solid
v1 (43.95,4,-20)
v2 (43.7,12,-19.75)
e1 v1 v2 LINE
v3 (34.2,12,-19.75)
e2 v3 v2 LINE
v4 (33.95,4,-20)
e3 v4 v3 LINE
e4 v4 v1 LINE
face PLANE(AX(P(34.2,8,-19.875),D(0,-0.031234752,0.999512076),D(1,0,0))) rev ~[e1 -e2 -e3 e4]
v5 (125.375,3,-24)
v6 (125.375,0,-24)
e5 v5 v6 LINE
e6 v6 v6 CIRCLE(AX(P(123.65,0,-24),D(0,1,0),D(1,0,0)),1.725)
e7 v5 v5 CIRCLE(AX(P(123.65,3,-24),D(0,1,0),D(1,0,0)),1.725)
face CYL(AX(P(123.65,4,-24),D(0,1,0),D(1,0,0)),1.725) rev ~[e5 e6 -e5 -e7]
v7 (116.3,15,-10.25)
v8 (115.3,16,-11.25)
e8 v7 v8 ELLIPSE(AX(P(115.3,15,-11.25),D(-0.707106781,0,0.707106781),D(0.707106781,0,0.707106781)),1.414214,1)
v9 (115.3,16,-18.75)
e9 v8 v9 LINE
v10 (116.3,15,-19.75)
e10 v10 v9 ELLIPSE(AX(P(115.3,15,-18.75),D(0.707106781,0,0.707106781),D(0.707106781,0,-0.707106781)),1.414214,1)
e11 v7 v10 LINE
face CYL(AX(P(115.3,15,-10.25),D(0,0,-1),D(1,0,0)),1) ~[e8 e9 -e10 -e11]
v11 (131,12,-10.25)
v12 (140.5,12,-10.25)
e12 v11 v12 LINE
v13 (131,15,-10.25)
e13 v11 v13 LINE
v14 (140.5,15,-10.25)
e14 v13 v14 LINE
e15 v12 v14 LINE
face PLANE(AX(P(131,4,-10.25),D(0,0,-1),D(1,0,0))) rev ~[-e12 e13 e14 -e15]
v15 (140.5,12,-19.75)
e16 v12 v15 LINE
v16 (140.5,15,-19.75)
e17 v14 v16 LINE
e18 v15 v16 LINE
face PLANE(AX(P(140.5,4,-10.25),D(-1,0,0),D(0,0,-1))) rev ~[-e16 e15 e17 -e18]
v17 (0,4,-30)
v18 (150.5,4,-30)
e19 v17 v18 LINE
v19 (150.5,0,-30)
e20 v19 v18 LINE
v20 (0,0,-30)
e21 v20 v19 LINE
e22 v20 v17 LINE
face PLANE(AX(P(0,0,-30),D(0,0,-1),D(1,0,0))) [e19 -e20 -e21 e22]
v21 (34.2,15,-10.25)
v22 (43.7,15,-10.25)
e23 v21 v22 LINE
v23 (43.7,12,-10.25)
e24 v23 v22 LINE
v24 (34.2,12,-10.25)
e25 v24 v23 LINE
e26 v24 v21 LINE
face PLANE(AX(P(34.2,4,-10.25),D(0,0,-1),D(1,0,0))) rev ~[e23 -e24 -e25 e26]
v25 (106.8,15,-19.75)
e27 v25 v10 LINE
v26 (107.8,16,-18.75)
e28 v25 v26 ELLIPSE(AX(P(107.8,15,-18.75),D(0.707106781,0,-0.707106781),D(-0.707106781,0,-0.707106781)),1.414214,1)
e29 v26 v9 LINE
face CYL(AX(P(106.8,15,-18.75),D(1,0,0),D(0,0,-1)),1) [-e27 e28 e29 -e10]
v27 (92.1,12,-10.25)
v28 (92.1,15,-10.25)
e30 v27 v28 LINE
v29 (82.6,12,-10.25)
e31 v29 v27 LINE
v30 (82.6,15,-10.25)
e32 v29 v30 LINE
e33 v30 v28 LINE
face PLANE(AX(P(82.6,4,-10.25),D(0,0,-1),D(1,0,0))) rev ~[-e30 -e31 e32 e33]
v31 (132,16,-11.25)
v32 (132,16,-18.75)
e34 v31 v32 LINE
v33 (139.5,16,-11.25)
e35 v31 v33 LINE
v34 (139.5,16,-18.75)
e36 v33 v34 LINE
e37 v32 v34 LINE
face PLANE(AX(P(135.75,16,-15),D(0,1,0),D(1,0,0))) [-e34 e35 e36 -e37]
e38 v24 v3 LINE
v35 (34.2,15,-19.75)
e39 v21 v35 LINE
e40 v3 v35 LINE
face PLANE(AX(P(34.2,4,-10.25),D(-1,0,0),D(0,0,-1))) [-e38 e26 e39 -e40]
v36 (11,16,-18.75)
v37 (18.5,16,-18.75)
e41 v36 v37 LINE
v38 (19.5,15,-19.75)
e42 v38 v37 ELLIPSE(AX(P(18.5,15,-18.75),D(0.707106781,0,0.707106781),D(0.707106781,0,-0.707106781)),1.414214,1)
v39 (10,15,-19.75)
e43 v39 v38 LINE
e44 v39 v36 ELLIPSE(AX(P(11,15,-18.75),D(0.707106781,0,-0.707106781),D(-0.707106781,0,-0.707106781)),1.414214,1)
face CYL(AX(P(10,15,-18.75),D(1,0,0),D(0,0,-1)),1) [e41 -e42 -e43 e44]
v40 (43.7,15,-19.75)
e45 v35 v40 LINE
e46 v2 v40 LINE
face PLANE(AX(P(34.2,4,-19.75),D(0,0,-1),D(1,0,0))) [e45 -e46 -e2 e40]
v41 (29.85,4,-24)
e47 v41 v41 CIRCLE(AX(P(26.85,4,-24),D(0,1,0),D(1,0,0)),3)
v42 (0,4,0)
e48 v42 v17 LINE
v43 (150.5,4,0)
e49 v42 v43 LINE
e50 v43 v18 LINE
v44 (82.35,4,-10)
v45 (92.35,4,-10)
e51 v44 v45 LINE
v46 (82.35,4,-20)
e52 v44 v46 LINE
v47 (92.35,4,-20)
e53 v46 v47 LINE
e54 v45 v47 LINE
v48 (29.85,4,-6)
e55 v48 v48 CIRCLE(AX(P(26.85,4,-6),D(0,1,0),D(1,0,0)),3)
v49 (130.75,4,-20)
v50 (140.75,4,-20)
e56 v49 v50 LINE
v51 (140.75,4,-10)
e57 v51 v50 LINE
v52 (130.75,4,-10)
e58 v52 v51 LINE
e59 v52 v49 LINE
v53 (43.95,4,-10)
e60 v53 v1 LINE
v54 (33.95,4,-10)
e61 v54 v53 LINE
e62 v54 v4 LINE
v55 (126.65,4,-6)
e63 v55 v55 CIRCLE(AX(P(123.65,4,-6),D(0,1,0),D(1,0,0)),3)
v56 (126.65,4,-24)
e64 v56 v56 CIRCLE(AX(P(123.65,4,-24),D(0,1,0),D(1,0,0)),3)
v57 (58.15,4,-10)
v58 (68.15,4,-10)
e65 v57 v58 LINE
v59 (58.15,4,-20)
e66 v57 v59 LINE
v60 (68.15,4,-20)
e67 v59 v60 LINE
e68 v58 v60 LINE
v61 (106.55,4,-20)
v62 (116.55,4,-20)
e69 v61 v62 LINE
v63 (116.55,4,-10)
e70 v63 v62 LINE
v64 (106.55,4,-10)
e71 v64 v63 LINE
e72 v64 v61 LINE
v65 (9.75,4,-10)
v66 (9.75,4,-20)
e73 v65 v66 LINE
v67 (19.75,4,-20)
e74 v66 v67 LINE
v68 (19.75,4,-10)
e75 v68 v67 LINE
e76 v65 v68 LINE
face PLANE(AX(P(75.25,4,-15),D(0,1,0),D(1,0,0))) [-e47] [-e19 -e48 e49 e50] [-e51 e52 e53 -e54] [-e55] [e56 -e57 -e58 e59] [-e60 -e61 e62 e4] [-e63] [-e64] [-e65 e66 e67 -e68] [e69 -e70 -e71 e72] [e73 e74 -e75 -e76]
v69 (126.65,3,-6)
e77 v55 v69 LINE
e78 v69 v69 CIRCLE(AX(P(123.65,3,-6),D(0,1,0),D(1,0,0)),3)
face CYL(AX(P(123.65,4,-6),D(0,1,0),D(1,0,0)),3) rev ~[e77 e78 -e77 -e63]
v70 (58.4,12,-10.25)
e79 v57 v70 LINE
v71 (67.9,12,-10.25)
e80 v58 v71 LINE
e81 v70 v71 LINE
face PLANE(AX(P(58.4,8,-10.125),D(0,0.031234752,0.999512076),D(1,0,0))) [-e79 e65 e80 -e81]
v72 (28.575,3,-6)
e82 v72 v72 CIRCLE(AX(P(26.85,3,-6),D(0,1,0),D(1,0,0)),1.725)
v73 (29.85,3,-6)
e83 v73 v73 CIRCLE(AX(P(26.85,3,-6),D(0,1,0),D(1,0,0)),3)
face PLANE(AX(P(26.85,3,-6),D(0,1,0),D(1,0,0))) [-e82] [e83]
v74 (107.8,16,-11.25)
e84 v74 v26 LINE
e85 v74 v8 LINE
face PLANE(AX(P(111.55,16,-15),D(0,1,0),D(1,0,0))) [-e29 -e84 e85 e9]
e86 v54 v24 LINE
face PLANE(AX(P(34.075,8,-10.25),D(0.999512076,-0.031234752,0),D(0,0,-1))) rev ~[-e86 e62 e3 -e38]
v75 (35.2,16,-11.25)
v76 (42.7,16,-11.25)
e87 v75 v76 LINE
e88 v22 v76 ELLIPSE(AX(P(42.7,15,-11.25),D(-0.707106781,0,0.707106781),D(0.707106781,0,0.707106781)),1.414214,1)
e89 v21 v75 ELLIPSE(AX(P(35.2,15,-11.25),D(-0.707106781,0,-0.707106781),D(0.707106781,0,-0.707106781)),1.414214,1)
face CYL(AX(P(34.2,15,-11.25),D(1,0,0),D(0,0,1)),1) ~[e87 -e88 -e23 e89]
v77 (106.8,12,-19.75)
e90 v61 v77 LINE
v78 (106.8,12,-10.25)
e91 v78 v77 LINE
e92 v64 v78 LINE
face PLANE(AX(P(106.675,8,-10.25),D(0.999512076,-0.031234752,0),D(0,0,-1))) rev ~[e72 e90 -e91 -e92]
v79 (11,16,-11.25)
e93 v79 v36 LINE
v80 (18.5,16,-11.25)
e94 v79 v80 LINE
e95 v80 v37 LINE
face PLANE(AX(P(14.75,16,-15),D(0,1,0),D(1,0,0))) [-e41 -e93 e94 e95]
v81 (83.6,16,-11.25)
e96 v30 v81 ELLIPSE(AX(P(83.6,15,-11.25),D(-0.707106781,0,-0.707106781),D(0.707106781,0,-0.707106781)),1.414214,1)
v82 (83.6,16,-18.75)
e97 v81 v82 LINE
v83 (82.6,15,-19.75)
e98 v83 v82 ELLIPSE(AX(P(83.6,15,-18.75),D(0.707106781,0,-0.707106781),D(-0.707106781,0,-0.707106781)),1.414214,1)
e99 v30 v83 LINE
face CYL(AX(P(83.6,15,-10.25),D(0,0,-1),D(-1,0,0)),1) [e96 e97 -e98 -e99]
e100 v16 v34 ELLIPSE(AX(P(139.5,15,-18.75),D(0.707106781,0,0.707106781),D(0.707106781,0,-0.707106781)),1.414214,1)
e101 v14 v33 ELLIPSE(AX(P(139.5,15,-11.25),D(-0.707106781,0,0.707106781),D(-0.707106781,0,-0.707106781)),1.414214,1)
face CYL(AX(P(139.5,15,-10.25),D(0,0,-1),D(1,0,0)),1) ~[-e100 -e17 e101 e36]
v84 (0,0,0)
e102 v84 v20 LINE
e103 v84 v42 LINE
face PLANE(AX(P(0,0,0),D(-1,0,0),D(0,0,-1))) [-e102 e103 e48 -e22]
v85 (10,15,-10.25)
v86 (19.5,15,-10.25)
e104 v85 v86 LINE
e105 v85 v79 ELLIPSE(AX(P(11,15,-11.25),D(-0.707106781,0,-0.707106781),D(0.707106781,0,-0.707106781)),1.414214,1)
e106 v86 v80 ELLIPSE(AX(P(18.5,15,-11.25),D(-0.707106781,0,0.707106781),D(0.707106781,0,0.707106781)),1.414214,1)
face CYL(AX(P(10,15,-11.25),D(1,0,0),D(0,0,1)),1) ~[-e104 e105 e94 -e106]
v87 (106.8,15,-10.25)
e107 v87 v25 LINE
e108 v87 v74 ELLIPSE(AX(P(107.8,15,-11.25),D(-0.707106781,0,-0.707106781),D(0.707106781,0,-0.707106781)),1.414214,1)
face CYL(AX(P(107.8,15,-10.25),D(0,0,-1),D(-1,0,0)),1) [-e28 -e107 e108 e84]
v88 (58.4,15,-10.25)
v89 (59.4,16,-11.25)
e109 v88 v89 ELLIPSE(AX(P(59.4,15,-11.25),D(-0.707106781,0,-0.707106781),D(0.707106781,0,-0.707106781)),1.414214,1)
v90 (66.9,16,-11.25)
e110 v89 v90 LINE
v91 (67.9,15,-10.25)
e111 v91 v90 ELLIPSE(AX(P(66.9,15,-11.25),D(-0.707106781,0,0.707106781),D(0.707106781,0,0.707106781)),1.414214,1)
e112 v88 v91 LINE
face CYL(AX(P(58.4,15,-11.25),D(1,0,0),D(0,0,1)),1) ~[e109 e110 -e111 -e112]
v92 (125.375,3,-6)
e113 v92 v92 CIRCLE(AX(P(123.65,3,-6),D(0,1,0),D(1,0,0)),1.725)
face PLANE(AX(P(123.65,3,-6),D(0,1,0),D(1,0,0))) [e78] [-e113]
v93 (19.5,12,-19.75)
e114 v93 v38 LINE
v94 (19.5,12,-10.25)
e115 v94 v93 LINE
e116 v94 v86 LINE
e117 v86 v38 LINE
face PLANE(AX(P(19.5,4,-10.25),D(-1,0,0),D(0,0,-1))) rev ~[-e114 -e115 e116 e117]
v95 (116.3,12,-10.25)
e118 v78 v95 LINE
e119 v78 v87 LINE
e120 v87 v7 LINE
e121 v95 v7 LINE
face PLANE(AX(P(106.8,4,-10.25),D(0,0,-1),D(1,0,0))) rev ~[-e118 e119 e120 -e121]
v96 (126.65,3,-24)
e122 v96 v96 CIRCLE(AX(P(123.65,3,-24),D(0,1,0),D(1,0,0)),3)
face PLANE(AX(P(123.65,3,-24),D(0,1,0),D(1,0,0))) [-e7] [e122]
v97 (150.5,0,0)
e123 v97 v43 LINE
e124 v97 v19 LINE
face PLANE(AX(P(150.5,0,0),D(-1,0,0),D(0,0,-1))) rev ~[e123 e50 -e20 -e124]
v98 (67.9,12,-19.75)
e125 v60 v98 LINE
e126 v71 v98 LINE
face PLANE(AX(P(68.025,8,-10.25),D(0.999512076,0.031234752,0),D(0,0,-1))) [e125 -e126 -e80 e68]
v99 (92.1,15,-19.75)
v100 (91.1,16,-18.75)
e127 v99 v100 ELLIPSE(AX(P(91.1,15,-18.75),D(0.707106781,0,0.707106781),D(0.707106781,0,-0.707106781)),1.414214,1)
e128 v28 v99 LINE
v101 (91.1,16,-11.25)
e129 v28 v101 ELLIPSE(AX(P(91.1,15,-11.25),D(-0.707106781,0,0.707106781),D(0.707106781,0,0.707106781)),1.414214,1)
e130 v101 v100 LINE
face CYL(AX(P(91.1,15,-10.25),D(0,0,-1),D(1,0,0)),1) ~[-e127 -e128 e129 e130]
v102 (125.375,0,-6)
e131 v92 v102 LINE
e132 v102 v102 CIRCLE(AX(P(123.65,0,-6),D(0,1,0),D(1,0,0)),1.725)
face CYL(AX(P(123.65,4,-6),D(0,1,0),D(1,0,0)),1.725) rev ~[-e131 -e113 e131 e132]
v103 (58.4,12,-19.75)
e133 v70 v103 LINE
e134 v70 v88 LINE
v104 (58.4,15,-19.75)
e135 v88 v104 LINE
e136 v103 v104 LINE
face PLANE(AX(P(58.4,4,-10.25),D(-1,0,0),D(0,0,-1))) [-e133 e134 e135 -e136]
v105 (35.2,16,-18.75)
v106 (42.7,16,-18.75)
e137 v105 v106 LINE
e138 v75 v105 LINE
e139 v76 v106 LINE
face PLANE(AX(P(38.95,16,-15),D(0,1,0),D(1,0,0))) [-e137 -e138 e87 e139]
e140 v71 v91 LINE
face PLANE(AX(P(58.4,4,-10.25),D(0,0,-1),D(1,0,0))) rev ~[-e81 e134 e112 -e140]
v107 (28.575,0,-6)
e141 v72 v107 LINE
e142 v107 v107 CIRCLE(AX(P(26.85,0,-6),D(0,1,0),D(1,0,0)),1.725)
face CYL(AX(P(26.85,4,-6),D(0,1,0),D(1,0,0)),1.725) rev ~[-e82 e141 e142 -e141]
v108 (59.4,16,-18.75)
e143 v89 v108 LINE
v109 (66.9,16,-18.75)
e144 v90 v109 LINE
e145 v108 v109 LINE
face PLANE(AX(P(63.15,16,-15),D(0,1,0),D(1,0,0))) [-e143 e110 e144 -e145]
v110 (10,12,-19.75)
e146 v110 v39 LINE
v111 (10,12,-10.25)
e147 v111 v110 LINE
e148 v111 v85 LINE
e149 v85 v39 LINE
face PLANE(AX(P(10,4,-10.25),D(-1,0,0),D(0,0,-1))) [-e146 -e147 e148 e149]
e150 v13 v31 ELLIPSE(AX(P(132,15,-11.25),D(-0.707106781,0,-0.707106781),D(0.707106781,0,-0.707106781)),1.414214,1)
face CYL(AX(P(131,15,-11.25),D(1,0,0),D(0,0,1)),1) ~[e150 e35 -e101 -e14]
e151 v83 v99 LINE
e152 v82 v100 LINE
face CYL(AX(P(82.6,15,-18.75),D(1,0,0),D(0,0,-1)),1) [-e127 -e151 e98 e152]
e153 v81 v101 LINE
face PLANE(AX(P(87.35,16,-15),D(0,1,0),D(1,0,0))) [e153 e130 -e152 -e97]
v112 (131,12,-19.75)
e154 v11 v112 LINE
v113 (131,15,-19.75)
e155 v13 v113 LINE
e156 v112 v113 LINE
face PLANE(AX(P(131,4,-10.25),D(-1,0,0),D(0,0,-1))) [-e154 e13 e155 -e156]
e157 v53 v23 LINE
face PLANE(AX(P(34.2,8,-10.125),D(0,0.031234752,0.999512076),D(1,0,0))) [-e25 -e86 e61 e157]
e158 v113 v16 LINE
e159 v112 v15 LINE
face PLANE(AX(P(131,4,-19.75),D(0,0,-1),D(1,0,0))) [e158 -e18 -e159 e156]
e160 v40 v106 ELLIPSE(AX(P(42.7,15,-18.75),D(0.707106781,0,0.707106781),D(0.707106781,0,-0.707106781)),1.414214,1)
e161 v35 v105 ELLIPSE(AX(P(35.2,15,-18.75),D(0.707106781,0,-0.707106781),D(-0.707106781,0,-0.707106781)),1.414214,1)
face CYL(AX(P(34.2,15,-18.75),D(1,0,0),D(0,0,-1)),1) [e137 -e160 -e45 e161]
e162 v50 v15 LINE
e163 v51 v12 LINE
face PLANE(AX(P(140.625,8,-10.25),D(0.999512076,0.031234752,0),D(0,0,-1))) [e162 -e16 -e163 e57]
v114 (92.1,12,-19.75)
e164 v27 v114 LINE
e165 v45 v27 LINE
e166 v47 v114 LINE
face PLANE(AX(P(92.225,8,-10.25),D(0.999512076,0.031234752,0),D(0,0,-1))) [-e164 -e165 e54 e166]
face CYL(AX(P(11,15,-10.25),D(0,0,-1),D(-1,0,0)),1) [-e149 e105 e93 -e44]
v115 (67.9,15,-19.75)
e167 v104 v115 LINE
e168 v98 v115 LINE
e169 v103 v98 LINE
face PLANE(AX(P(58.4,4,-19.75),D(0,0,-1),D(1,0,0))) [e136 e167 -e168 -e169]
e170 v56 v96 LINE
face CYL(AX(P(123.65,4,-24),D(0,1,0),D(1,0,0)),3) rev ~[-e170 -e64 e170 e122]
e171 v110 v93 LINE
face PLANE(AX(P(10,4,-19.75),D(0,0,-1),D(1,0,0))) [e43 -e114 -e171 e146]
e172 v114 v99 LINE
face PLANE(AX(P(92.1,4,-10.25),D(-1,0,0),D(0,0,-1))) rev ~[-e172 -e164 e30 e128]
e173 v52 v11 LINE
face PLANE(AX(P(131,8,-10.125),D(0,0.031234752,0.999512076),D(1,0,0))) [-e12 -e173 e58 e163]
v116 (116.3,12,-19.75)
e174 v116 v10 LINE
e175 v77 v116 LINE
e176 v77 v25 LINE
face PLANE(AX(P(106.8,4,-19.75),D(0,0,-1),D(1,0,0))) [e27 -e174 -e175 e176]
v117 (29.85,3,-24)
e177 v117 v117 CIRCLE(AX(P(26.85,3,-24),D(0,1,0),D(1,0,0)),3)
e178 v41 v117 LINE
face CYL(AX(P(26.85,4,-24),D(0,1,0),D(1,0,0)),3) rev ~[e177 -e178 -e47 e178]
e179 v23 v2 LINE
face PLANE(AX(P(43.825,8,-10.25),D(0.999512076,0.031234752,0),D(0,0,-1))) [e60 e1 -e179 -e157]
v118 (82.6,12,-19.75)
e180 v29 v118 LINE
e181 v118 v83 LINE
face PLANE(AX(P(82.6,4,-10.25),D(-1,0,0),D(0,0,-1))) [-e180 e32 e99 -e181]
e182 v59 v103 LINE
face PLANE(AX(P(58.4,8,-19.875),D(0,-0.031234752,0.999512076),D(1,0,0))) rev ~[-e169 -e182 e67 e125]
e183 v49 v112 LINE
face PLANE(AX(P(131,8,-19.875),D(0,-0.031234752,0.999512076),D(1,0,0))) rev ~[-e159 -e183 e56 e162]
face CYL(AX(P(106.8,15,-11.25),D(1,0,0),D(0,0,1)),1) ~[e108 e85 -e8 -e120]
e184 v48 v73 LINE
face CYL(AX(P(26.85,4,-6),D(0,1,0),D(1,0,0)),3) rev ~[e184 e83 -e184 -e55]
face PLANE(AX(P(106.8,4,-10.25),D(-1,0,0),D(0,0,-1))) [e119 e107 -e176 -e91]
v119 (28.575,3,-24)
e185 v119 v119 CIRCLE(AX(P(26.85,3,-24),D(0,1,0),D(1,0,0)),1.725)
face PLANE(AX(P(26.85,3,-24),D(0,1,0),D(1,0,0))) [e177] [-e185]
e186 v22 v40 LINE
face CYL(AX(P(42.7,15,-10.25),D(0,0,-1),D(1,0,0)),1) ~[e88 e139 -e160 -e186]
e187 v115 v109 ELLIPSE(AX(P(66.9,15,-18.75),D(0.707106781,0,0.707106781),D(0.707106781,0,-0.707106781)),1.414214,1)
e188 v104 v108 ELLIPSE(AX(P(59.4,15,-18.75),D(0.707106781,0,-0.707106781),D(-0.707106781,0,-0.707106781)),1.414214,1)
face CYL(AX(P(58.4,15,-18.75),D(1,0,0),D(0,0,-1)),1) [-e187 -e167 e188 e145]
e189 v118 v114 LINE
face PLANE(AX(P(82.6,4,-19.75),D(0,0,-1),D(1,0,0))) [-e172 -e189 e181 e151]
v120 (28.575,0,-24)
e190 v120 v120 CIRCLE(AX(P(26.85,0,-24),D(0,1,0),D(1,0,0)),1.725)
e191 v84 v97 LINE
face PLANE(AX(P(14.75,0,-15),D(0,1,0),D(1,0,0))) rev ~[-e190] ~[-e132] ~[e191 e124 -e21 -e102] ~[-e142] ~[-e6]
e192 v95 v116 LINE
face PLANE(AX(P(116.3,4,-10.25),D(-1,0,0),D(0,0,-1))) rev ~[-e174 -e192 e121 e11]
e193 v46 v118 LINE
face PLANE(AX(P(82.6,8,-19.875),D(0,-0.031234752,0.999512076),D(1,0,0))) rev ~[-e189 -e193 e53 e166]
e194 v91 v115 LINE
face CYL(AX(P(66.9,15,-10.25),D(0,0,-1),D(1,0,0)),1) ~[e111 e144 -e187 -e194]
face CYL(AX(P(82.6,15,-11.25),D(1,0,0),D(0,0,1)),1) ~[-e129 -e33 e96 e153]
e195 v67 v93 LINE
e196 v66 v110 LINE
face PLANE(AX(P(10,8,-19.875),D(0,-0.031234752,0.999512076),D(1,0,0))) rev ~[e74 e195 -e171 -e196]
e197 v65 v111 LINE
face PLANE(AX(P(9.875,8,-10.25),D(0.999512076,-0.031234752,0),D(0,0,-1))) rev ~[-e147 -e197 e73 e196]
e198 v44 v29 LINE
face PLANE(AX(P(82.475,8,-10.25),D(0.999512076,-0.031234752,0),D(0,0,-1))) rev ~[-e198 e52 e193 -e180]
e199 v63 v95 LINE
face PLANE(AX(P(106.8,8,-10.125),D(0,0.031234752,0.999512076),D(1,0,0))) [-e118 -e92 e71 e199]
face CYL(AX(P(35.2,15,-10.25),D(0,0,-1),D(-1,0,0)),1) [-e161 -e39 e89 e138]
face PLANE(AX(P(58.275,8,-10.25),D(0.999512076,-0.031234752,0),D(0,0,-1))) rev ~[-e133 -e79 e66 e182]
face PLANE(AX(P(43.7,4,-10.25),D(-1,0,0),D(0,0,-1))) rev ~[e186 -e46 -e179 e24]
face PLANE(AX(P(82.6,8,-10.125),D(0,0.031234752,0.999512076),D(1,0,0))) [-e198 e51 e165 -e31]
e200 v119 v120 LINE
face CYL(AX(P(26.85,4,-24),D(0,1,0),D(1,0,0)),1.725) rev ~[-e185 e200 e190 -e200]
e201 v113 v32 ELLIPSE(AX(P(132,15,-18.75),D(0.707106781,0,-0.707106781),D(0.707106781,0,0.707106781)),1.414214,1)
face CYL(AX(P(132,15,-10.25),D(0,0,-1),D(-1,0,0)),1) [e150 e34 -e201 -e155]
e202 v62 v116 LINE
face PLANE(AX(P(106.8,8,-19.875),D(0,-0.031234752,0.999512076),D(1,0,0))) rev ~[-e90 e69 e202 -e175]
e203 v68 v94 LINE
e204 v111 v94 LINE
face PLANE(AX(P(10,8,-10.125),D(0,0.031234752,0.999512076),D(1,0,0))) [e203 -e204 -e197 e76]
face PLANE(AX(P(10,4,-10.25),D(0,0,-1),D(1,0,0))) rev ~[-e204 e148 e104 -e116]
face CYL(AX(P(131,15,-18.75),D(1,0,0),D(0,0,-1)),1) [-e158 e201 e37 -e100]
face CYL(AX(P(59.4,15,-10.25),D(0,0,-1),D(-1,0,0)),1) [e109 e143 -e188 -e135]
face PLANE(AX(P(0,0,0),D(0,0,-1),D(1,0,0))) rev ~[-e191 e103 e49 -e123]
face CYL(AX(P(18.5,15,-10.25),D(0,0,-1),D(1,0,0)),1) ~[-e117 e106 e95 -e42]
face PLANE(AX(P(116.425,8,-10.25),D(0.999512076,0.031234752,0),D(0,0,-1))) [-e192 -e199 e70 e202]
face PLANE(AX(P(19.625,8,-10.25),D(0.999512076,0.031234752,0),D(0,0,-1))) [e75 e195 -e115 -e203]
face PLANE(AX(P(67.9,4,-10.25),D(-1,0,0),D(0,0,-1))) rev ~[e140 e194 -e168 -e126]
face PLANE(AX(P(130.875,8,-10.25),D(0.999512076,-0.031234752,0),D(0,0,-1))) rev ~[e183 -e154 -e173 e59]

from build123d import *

# Parameters (mm, degrees)
SKETCH1_W                = 150.5
SKETCH1_H                = 30
SKETCH1_W_2              = 9.5
SKETCH1_H_2              = 9.5
BOSS_EXTRUDE1_DEPTH      = 4
SKETCH2_W                = 9.5
SKETCH2_H                = 9.5
BOSS_EXTRUDE2_DEPTH      = 12
BOSS_EXTRUDE2_DEPTH_BACK = 4
FILLET1_R                = 1
CHAMFER1_SIZE            = 0.25
CHAMFER1_SIZE2           = 8
SKETCH3_R                = 1.725
CUT_EXTRUDE1_DEPTH       = 5
SKETCH4_R                = 3
CUT_EXTRUDE2_DEPTH       = 1


with BuildPart() as part:
    # Sketch1 → Boss-Extrude1 (new body)
    with BuildSketch(Plane(origin=(0, 0, 0), x_dir=(1, 0, 0), z_dir=(0, 1, 0))):
        with Locations((75.25, 15)):
            Rectangle(SKETCH1_W, SKETCH1_H)
        with Locations((14.75, 15)):
            Rectangle(SKETCH1_W_2, SKETCH1_H_2, mode=Mode.SUBTRACT)
        with Locations((38.95, 15)):
            Rectangle(SKETCH1_W_2, SKETCH1_H_2, mode=Mode.SUBTRACT)
        with Locations((63.15, 15)):
            Rectangle(SKETCH1_W_2, SKETCH1_H_2, mode=Mode.SUBTRACT)
        with Locations((87.35, 15)):
            Rectangle(SKETCH1_W_2, SKETCH1_H_2, mode=Mode.SUBTRACT)
        with Locations((111.55, 15)):
            Rectangle(SKETCH1_W_2, SKETCH1_H_2, mode=Mode.SUBTRACT)
        with Locations((135.75, 15)):
            Rectangle(SKETCH1_W_2, SKETCH1_H_2, mode=Mode.SUBTRACT)
    extrude(amount=BOSS_EXTRUDE1_DEPTH)

    # Sketch2 → Boss-Extrude2 (add, two sides)
    with BuildSketch(Plane(origin=(0, 4, 0), x_dir=(1, 0, 0), z_dir=(0, 1, 0))) as boss_extrude2_sk:
        with Locations((14.75, 15)):
            Rectangle(SKETCH2_W, SKETCH2_H)
        with Locations((38.95, 15)):
            Rectangle(SKETCH2_W, SKETCH2_H)
        with Locations((63.15, 15)):
            Rectangle(SKETCH2_W, SKETCH2_H)
        with Locations((87.35, 15)):
            Rectangle(SKETCH2_W, SKETCH2_H)
        with Locations((111.55, 15)):
            Rectangle(SKETCH2_W, SKETCH2_H)
        with Locations((135.75, 15)):
            Rectangle(SKETCH2_W, SKETCH2_H)
    extrude(amount=BOSS_EXTRUDE2_DEPTH)
    extrude(boss_extrude2_sk.sketch, amount=-BOSS_EXTRUDE2_DEPTH_BACK)

    # Fillet1
    fillet1_edges = [part.edges().sort_by_distance(p)[0] for p in [
        (10, 16, -15),
        (14.75, 16, -10.25),
        (19.5, 16, -15),
        (14.75, 16, -19.75),
        (34.2, 16, -15),
        (38.95, 16, -10.25),
        (43.7, 16, -15),
        (38.95, 16, -19.75),
        (58.4, 16, -15),
        (63.15, 16, -10.25),
        (67.9, 16, -15),
        (63.15, 16, -19.75),
        (82.6, 16, -15),
        (87.35, 16, -10.25),
        (92.1, 16, -15),
        (87.35, 16, -19.75),
        (106.8, 16, -15),
        (111.55, 16, -10.25),
        (116.3, 16, -15),
        (111.55, 16, -19.75),
        (140.5, 16, -15),
        (135.75, 16, -19.75),
        (131, 16, -15),
        (135.75, 16, -10.25),
    ]]
    fillet(fillet1_edges, radius=FILLET1_R)

    # Chamfer1
    chamfer1_edges = [part.edges().sort_by_distance(p)[0] for p in [
        (10, 4, -15),
        (14.75, 4, -10.25),
        (19.5, 4, -15),
        (14.75, 4, -19.75),
        (58.4, 4, -15),
        (63.15, 4, -10.25),
        (67.9, 4, -15),
        (63.15, 4, -19.75),
        (34.2, 4, -15),
        (38.95, 4, -10.25),
        (43.7, 4, -15),
        (38.95, 4, -19.75),
        (82.6, 4, -15),
        (87.35, 4, -10.25),
        (92.1, 4, -15),
        (87.35, 4, -19.75),
        (106.8, 4, -15),
        (111.55, 4, -10.25),
        (116.3, 4, -15),
        (111.55, 4, -19.75),
        (140.5, 4, -15),
        (135.75, 4, -19.75),
        (131, 4, -15),
        (135.75, 4, -10.25),
    ]]
    chamfer1_side = [part.faces().sort_by_distance(p)[0] for p in [
        (75.25, 4, -15),
    ]]
    chamfer(chamfer1_edges, length=CHAMFER1_SIZE, length2=CHAMFER1_SIZE2, reference=chamfer1_side[0])

    # Sketch3 → Cut-Extrude1 (cut, through all)
    with BuildSketch(Plane(origin=(0, 4, 0), x_dir=(1, 0, 0), z_dir=(0, 1, 0))):
        with Locations((26.85, 6)):
            Circle(SKETCH3_R)
        with Locations((26.85, 24)):
            Circle(SKETCH3_R)
        with Locations((123.65, 6)):
            Circle(SKETCH3_R)
        with Locations((123.65, 24)):
            Circle(SKETCH3_R)
    extrude(amount=-CUT_EXTRUDE1_DEPTH, mode=Mode.SUBTRACT)

    # Sketch4 → Cut-Extrude2 (cut)
    with BuildSketch(Plane(origin=(0, 4, 0), x_dir=(1, 0, 0), z_dir=(0, 1, 0))):
        with Locations((26.85, 24)):
            Circle(SKETCH4_R)
        with Locations((26.85, 6)):
            Circle(SKETCH4_R)
        with Locations((123.65, 6)):
            Circle(SKETCH4_R)
        with Locations((123.65, 24)):
            Circle(SKETCH4_R)
    extrude(amount=-CUT_EXTRUDE2_DEPTH, mode=Mode.SUBTRACT)


solid = part.part
